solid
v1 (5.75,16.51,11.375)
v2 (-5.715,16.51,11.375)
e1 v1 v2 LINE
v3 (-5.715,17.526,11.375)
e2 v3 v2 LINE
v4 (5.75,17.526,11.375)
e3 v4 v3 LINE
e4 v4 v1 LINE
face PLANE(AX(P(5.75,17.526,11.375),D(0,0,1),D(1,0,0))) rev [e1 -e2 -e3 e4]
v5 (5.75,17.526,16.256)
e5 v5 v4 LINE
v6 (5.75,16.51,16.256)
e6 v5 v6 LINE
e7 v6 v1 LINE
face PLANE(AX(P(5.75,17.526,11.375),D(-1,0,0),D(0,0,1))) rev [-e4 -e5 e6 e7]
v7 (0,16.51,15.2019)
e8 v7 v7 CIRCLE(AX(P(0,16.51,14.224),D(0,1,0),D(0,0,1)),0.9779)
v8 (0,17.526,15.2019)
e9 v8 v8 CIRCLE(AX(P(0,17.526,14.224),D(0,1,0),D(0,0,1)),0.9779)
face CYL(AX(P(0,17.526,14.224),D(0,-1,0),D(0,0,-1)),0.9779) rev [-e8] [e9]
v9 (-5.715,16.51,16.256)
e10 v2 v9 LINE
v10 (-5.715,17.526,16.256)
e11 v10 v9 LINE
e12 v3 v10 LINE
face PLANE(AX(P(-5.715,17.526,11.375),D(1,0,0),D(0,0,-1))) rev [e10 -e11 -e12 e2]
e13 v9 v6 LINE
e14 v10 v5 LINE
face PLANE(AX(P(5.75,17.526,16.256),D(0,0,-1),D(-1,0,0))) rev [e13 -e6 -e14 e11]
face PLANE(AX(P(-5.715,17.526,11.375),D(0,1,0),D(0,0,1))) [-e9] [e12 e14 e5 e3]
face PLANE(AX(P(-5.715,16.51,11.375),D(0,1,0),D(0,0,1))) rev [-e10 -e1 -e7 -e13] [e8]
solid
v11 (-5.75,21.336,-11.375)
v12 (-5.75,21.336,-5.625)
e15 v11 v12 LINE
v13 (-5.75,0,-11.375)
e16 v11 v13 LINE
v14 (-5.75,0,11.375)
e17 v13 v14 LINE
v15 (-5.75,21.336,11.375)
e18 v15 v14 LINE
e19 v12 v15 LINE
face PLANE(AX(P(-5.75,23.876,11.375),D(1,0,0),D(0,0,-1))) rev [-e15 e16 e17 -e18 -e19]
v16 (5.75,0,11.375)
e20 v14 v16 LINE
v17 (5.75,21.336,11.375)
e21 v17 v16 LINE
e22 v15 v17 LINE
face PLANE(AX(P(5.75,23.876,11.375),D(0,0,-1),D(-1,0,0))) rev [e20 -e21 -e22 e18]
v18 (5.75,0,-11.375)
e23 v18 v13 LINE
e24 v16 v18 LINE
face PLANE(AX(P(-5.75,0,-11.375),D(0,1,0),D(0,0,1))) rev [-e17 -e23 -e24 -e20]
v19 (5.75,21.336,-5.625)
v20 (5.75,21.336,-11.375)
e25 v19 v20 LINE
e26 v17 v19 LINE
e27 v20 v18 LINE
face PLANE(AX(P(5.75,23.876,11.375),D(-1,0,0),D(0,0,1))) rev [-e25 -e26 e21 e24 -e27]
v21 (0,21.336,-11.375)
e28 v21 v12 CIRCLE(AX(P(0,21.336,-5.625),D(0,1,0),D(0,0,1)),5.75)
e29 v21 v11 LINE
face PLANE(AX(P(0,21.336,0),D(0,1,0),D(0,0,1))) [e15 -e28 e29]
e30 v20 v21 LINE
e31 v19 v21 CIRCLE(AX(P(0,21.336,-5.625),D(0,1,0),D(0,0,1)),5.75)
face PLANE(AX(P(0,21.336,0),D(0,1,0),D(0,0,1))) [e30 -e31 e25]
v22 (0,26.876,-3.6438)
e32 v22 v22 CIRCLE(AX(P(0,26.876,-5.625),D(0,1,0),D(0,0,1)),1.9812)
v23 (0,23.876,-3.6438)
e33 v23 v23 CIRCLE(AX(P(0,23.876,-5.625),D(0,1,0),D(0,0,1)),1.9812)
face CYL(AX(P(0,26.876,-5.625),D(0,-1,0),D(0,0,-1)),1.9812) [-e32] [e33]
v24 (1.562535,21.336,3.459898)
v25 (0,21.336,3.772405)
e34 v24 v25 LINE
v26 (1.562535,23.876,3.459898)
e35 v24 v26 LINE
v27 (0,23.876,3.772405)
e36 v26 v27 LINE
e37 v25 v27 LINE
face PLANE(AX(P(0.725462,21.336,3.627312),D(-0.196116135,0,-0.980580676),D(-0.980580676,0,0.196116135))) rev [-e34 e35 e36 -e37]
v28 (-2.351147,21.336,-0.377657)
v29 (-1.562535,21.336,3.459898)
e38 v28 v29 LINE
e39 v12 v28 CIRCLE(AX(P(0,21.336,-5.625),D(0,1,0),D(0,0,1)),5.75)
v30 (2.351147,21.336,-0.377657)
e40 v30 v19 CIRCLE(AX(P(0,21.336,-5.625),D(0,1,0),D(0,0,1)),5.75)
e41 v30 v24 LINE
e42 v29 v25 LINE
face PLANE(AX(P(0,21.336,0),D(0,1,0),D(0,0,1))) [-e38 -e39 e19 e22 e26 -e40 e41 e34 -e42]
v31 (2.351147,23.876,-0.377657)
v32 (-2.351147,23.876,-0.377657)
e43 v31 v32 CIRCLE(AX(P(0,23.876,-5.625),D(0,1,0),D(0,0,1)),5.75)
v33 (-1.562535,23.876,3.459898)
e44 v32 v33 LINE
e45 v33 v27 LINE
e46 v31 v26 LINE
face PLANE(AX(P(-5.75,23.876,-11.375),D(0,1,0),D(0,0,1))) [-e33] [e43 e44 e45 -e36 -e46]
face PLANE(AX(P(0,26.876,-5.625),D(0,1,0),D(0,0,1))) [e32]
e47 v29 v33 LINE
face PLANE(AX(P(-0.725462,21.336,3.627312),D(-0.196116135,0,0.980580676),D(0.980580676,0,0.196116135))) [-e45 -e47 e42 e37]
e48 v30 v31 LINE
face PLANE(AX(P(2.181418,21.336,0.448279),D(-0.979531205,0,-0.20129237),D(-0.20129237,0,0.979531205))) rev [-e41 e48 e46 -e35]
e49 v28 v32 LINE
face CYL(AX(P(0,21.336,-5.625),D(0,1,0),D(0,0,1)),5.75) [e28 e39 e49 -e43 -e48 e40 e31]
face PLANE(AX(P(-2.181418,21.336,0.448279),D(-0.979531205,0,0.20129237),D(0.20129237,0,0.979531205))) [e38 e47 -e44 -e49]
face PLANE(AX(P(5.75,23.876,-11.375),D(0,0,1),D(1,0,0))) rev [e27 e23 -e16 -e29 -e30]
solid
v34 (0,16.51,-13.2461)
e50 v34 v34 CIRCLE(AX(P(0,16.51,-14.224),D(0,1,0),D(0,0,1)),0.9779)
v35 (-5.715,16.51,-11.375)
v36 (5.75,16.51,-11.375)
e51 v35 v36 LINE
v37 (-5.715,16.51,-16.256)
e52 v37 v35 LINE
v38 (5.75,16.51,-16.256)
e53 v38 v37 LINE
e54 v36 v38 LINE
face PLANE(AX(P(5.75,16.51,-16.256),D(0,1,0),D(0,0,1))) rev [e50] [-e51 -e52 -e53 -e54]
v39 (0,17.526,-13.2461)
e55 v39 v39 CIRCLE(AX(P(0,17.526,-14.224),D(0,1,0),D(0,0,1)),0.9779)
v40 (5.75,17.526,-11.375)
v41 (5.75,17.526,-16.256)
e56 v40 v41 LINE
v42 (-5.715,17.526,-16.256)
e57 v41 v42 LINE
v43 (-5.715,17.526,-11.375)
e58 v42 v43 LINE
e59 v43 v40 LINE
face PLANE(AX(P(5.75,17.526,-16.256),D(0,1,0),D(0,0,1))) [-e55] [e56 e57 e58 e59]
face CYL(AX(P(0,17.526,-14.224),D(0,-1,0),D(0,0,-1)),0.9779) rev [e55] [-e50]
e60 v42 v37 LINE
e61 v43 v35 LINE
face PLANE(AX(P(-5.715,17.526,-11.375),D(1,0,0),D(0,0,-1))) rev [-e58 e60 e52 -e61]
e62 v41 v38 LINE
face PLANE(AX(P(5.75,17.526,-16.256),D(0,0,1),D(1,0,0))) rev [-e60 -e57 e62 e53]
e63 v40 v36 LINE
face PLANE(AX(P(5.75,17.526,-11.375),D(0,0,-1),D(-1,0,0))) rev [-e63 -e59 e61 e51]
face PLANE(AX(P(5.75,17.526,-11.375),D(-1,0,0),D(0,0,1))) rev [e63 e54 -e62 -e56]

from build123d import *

# Parameters (mm, degrees)
SKETCH1_W             = 11.5
SKETCH1_H             = 22.75
BOSS_EXTRUDE1_DEPTH   = 23.876
SKETCH2_W             = 11.465
SKETCH2_H             = 4.881
SKETCH2_R             = 0.9779
BOSS_EXTRUDE2_DEPTH   = 1.016
BOSS_EXTRUDE2_2_DEPTH = 1.016
CUT_EXTRUDE2_DEPTH    = 2.54
SKETCH4_R             = 1.9812
BOSS_EXTRUDE3_DEPTH   = 3


with BuildPart() as part:
    # Sketch1 → Boss-Extrude1 (new body)
    with BuildSketch(Plane(origin=(0, 0, 0), x_dir=(1, 0, 0), z_dir=(0, 1, 0))):
        Rectangle(SKETCH1_W, SKETCH1_H)
    extrude(amount=BOSS_EXTRUDE1_DEPTH)

    # Sketch3 → Cut-Extrude2 (cut)
    with BuildSketch(Plane(origin=(0, 23.876, 0), x_dir=(1, 0, 0), z_dir=(0, 1, 0))):
        with BuildLine():
            Line((2.351147049, 0.377657096), (1.562534553, -3.459897938))
            Line((1.562534553, -3.459897938), (0, -3.772404849))
            Line((0, -3.772404849), (-1.562534553, -3.459897938))
            Line((-1.562534553, -3.459897938), (-2.351147049, 0.377657096))
            ThreePointArc((-2.351147049, 0.377657096), (-4.826054057, 2.499027794), (-5.75, 5.625))
            Line((-5.75, 5.625), (-5.75, -11.375))
            Line((-5.75, -11.375), (5.75, -11.375))
            Line((5.75, -11.375), (5.75, 5.625))
            ThreePointArc((5.75, 5.625), (4.826054057, 2.499027794), (2.351147049, 0.377657096))
        make_face()
        with BuildLine():
            ThreePointArc((0, 11.375), (4.065863992, 9.690863992), (5.75, 5.625))
            Line((5.75, 5.625), (5.75, 11.375))
            Line((5.75, 11.375), (0, 11.375))
        make_face()
        with BuildLine():
            ThreePointArc((-5.75, 5.625), (-4.065863992, 9.690863992), (0, 11.375))
            Line((0, 11.375), (-5.75, 11.375))
            Line((-5.75, 11.375), (-5.75, 5.625))
        make_face()
    extrude(amount=-CUT_EXTRUDE2_DEPTH, mode=Mode.SUBTRACT)

    # Sketch4 → Boss-Extrude3 (add)
    with BuildSketch(Plane(origin=(0, 23.876, 0), x_dir=(1, 0, 0), z_dir=(0, 1, 0))):
        with Locations(Location((0, 5.625, 0), (0, 0, 270))):
            Circle(SKETCH4_R)
    extrude(amount=BOSS_EXTRUDE3_DEPTH)


with BuildPart() as body_2:
    # Sketch2 → Boss-Extrude2 (new body)
    with BuildSketch(Plane(origin=(0, 16.51, 0), x_dir=(-1, 0, 0), z_dir=(0, 1, 0))):
        with Locations((-0.0175, -13.8155)):
            Rectangle(SKETCH2_W, SKETCH2_H)
        with Locations(Location((0, -14.224, 0), (0, 0, 90))):
            Circle(SKETCH2_R, mode=Mode.SUBTRACT)
    extrude(amount=BOSS_EXTRUDE2_DEPTH)


with BuildPart() as body_3:
    # Sketch2 → Boss-Extrude2 2 (new body)
    with BuildSketch(Plane(origin=(0, 16.51, 0), x_dir=(-1, 0, 0), z_dir=(0, 1, 0))):
        with Locations((-0.0175, 13.8155)):
            Rectangle(SKETCH2_W, SKETCH2_H)
        with Locations(Location((0, 14.224, 0), (0, 0, 90))):
            Circle(SKETCH2_R, mode=Mode.SUBTRACT)
    extrude(amount=BOSS_EXTRUDE2_2_DEPTH)


solid = Compound([part.part, body_2.part, body_3.part])
